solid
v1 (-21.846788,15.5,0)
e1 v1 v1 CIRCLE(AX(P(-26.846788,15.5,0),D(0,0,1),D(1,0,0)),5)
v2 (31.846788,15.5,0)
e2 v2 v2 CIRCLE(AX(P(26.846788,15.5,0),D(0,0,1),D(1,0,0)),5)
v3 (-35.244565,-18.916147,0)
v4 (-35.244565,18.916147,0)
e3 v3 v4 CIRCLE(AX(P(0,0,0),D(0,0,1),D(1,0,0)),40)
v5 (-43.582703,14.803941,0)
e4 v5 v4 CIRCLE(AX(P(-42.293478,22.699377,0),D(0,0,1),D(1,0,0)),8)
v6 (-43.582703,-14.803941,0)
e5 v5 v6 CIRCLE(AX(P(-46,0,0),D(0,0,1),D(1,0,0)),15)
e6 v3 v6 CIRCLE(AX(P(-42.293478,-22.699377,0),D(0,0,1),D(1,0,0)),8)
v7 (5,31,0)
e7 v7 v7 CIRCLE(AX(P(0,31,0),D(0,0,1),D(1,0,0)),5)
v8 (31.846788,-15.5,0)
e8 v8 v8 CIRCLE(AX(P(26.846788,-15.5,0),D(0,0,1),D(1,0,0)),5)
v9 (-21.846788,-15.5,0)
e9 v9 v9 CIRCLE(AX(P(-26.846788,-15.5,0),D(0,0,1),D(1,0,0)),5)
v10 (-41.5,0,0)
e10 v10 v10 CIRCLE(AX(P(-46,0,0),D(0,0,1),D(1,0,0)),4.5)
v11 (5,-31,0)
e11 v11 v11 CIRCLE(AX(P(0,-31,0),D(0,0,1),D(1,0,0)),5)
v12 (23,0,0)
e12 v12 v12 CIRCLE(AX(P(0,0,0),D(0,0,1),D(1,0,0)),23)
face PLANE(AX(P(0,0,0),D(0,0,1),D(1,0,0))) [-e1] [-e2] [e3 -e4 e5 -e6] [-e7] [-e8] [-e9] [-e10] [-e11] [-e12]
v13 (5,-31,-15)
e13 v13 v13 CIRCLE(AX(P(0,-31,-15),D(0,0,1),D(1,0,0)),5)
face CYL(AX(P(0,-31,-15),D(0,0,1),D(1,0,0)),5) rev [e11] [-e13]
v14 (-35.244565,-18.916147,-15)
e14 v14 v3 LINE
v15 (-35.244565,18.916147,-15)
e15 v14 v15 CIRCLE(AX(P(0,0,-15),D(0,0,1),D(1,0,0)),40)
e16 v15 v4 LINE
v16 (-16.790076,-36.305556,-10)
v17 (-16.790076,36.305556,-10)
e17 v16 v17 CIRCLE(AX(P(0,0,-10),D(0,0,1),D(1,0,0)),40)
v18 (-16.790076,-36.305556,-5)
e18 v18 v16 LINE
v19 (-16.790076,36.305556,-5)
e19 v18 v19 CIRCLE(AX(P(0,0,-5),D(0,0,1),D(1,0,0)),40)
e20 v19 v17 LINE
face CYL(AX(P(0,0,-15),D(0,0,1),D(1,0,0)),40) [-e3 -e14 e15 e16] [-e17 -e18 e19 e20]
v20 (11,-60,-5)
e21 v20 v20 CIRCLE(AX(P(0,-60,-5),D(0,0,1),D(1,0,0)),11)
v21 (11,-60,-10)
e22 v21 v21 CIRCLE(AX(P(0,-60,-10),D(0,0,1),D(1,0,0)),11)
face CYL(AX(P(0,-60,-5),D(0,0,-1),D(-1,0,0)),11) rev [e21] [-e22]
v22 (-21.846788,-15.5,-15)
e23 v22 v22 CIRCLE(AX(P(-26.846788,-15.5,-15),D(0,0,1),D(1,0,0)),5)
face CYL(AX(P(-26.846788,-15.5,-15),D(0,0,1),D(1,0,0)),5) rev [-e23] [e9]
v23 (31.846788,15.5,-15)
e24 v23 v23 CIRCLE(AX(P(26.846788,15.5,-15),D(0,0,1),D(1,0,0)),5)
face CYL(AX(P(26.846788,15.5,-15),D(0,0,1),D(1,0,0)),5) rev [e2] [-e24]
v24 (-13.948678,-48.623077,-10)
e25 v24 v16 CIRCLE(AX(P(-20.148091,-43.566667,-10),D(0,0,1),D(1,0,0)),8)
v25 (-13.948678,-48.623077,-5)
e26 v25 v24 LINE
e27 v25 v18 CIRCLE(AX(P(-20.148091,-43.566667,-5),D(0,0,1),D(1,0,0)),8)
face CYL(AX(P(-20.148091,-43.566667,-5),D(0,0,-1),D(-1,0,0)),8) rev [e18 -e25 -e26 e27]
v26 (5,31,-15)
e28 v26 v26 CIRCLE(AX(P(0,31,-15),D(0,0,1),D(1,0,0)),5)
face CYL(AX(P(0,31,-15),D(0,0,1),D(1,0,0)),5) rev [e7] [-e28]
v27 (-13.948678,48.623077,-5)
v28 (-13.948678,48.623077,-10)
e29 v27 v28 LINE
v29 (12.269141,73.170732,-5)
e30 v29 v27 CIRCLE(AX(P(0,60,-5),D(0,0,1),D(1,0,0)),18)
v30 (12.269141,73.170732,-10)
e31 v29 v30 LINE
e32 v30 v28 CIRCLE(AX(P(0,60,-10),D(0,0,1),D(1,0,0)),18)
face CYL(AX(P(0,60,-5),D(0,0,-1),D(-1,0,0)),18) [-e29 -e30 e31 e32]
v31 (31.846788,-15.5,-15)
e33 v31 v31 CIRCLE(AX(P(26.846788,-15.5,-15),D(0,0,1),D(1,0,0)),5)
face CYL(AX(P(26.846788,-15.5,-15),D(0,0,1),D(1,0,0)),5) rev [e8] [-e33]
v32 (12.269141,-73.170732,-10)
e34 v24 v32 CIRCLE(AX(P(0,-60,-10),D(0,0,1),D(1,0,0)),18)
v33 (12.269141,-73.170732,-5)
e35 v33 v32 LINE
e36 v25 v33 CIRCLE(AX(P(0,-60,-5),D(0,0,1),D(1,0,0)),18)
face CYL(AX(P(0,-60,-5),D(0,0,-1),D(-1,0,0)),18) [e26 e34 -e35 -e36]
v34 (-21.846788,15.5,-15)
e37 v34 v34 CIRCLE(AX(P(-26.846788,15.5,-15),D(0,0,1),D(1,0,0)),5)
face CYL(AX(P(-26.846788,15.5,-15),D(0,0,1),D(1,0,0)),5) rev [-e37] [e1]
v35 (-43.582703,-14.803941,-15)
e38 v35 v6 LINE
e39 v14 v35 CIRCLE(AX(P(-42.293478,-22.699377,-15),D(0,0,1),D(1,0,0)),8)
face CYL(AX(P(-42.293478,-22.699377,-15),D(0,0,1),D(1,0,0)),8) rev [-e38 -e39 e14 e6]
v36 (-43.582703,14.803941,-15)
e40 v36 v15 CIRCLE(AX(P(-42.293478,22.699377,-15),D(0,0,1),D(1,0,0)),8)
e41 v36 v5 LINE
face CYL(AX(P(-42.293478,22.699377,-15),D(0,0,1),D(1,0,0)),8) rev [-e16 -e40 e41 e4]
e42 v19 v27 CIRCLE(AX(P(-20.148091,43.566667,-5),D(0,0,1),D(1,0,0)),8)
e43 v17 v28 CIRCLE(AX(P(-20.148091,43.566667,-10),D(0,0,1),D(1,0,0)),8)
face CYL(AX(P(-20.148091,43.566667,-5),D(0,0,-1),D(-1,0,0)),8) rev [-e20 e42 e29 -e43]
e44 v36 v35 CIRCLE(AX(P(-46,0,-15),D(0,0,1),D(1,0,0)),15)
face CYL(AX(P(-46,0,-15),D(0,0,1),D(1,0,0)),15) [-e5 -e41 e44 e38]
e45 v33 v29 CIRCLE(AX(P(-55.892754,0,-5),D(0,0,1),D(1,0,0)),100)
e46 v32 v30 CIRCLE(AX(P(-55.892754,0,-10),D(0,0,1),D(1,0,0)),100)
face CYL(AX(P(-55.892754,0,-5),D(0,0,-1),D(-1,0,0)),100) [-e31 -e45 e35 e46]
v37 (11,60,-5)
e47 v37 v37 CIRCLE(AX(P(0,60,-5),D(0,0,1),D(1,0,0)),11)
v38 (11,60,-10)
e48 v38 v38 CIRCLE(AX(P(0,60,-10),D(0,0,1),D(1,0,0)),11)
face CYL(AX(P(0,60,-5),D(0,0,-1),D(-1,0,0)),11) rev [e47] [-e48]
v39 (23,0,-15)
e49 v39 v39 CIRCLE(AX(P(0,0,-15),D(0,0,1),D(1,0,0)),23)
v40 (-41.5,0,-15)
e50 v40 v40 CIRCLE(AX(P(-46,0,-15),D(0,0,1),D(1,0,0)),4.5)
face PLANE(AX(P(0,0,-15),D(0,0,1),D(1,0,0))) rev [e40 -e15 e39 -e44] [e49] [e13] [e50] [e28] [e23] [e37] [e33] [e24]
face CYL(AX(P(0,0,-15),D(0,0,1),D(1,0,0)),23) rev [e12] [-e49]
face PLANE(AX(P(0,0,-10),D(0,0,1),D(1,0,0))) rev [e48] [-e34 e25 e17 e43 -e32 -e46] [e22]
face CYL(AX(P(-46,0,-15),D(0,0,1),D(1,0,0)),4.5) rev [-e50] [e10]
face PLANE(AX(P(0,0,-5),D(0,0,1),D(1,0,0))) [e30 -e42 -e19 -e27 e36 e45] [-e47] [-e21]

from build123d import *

# Parameters (mm, degrees)
BOSS_EXTRUDE2_DEPTH = 15
SKETCH2_R           = 18
SKETCH2_R_2         = 11
BOSS_EXTRUDE3_DEPTH = 2.5


with BuildPart() as part:
    # Sketch1 → Boss-Extrude2 (new body)
    with BuildSketch(Plane.XY):
        with BuildLine():
            ThreePointArc((28.989440912, 10.982363845), (30.493217838, 5.582442643), (31, 0))
            Line((31, 0), (40, 0))
            ThreePointArc((40, 0), (9.75236872, 38.792928535), (-35.244565217, 18.91614714))
            ThreePointArc((-35.244565217, 18.91614714), (-38.754967124, 15.524494065), (-43.582703214, 14.80394124))
            ThreePointArc((-43.582703214, 14.80394124), (-55.714436376, 11.429336197), (-61, 0))
            Line((-61, 0), (-50.5, 0))
            ThreePointArc((-50.5, 0), (-46, 4.5), (-41.5, 0))
            Line((-41.5, 0), (-31, 0))
            ThreePointArc((-31, 0), (-30.493217838, 5.582442643), (-28.989440912, 10.982363845))
            ThreePointArc((-28.989440912, 10.982363845), (-31.176914536, 18), (-24.005726539, 19.614410349))
            ThreePointArc((-24.005726539, 19.614410349), (-15.5, 26.846787517), (-4.983714373, 30.596774194))
            ThreePointArc((-4.983714373, 30.596774194), (-0.201777274, 35.995926934), (5, 31))
            ThreePointArc((5, 31), (4.995926934, 30.798222726), (4.983714373, 30.596774194))
            ThreePointArc((4.983714373, 30.596774194), (15.5, 26.846787517), (24.005726539, 19.614410349))
            ThreePointArc((24.005726539, 19.614410349), (29.17000674, 19.927488277), (31.846787517, 15.5))
            ThreePointArc((31.846787517, 15.5), (31.072498521, 12.827292288), (28.989440912, 10.982363845))
        make_face()
        with BuildLine():
            Line((40, 0), (31, 0))
            ThreePointArc((31, 0), (30.493217838, -5.582442643), (28.989440912, -10.982363845))
            ThreePointArc((28.989440912, -10.982363845), (31.072498521, -12.827292288), (31.846787517, -15.5))
            ThreePointArc((31.846787517, -15.5), (29.17000674, -19.927488277), (24.005726539, -19.614410349))
            ThreePointArc((24.005726539, -19.614410349), (15.5, -26.846787517), (4.983714373, -30.596774194))
            ThreePointArc((4.983714373, -30.596774194), (4.995926934, -30.798222726), (5, -31))
            ThreePointArc((5, -31), (-0.201777274, -35.995926934), (-4.983714373, -30.596774194))
            ThreePointArc((-4.983714373, -30.596774194), (-15.5, -26.846787517), (-24.005726539, -19.614410349))
            ThreePointArc((-24.005726539, -19.614410349), (-31.176914536, -18), (-28.989440912, -10.982363845))
            ThreePointArc((-28.989440912, -10.982363845), (-30.493217838, -5.582442643), (-31, 0))
            Line((-31, 0), (-41.5, 0))
            ThreePointArc((-41.5, 0), (-46, -4.5), (-50.5, 0))
            Line((-50.5, 0), (-61, 0))
            ThreePointArc((-61, 0), (-55.714436376, -11.429336197), (-43.582703214, -14.80394124))
            ThreePointArc((-43.582703214, -14.80394124), (-38.754967124, -15.524494065), (-35.244565217, -18.91614714))
            ThreePointArc((-35.244565217, -18.91614714), (9.75236872, -38.792928535), (40, 0))
        make_face()
        with BuildLine():
            ThreePointArc((-23, 0), (0, 23), (23, 0))
            Line((23, 0), (31, 0))
            ThreePointArc((31, 0), (30.493217838, 5.582442643), (28.989440912, 10.982363845))
            ThreePointArc((28.989440912, 10.982363845), (22.516660498, 13), (24.005726539, 19.614410349))
            ThreePointArc((24.005726539, 19.614410349), (15.5, 26.846787517), (4.983714373, 30.596774194))
            ThreePointArc((4.983714373, 30.596774194), (0, 26), (-4.983714373, 30.596774194))
            ThreePointArc((-4.983714373, 30.596774194), (-15.5, 26.846787517), (-24.005726539, 19.614410349))
            ThreePointArc((-24.005726539, 19.614410349), (-22.41929924, 17.823219222), (-21.846787517, 15.5))
            ThreePointArc((-21.846787517, 15.5), (-24.174079805, 11.274288996), (-28.989440912, 10.982363845))
            ThreePointArc((-28.989440912, 10.982363845), (-30.493217838, 5.582442643), (-31, 0))
            Line((-31, 0), (-23, 0))
        make_face()
        with BuildLine():
            Line((31, 0), (23, 0))
            ThreePointArc((23, 0), (0, -23), (-23, 0))
            Line((-23, 0), (-31, 0))
            ThreePointArc((-31, 0), (-30.493217838, -5.582442643), (-28.989440912, -10.982363845))
            ThreePointArc((-28.989440912, -10.982363845), (-24.174079805, -11.274288996), (-21.846787517, -15.5))
            ThreePointArc((-21.846787517, -15.5), (-22.41929924, -17.823219222), (-24.005726539, -19.614410349))
            ThreePointArc((-24.005726539, -19.614410349), (-15.5, -26.846787517), (-4.983714373, -30.596774194))
            ThreePointArc((-4.983714373, -30.596774194), (0, -26), (4.983714373, -30.596774194))
            ThreePointArc((4.983714373, -30.596774194), (15.5, -26.846787517), (24.005726539, -19.614410349))
            ThreePointArc((24.005726539, -19.614410349), (22.516660498, -13), (28.989440912, -10.982363845))
            ThreePointArc((28.989440912, -10.982363845), (30.493217838, -5.582442643), (31, 0))
        make_face()
    extrude(amount=-BOSS_EXTRUDE2_DEPTH)

    # Sketch2 → Boss-Extrude3 (add, symmetric)
    # profile 1 of 3: a face of its own
    with BuildSketch(Plane.XY.offset(-7.5)):
        with BuildLine():
            ThreePointArc((12.269141221, 73.170731707), (16.505219507, 67.181763642), (18, 60))
            ThreePointArc((18, 60), (6.03836873, 43.043051481), (-13.94867812, 48.623076923))
            ThreePointArc((-13.94867812, 48.623076923), (-12.352807509, 41.768456097), (-16.790075515, 36.305555556))
            ThreePointArc((-16.790075515, 36.305555556), (21.545266062, 33.701654415), (40, 0))
            ThreePointArc((40, 0), (21.545266062, -33.701654415), (-16.790075515, -36.305555556))
            ThreePointArc((-16.790075515, -36.305555556), (-12.352807509, -41.768456097), (-13.94867812, -48.623076923))
            ThreePointArc((-13.94867812, -48.623076923), (6.03836873, -43.043051481), (18, -60))
            ThreePointArc((18, -60), (16.505219507, -67.181763642), (12.269141221, -73.170731707))
            ThreePointArc((12.269141221, -73.170731707), (44.10724555, 0), (12.269141221, 73.170731707))
        make_face()
    # profile 2 of 3: a face of its own
    with BuildSketch(Plane.XY.offset(-7.5)):
        with Locations((0, 60)):
            Circle(SKETCH2_R)
        with Locations((0, 60)):
            Circle(SKETCH2_R_2, mode=Mode.SUBTRACT)
    # profile 3 of 3: a face of its own
    with BuildSketch(Plane.XY.offset(-7.5)):
        with Locations((0, -60)):
            Circle(SKETCH2_R)
        with Locations((0, -60)):
            Circle(SKETCH2_R_2, mode=Mode.SUBTRACT)
    extrude(amount=BOSS_EXTRUDE3_DEPTH, both=True)


solid = part.part
